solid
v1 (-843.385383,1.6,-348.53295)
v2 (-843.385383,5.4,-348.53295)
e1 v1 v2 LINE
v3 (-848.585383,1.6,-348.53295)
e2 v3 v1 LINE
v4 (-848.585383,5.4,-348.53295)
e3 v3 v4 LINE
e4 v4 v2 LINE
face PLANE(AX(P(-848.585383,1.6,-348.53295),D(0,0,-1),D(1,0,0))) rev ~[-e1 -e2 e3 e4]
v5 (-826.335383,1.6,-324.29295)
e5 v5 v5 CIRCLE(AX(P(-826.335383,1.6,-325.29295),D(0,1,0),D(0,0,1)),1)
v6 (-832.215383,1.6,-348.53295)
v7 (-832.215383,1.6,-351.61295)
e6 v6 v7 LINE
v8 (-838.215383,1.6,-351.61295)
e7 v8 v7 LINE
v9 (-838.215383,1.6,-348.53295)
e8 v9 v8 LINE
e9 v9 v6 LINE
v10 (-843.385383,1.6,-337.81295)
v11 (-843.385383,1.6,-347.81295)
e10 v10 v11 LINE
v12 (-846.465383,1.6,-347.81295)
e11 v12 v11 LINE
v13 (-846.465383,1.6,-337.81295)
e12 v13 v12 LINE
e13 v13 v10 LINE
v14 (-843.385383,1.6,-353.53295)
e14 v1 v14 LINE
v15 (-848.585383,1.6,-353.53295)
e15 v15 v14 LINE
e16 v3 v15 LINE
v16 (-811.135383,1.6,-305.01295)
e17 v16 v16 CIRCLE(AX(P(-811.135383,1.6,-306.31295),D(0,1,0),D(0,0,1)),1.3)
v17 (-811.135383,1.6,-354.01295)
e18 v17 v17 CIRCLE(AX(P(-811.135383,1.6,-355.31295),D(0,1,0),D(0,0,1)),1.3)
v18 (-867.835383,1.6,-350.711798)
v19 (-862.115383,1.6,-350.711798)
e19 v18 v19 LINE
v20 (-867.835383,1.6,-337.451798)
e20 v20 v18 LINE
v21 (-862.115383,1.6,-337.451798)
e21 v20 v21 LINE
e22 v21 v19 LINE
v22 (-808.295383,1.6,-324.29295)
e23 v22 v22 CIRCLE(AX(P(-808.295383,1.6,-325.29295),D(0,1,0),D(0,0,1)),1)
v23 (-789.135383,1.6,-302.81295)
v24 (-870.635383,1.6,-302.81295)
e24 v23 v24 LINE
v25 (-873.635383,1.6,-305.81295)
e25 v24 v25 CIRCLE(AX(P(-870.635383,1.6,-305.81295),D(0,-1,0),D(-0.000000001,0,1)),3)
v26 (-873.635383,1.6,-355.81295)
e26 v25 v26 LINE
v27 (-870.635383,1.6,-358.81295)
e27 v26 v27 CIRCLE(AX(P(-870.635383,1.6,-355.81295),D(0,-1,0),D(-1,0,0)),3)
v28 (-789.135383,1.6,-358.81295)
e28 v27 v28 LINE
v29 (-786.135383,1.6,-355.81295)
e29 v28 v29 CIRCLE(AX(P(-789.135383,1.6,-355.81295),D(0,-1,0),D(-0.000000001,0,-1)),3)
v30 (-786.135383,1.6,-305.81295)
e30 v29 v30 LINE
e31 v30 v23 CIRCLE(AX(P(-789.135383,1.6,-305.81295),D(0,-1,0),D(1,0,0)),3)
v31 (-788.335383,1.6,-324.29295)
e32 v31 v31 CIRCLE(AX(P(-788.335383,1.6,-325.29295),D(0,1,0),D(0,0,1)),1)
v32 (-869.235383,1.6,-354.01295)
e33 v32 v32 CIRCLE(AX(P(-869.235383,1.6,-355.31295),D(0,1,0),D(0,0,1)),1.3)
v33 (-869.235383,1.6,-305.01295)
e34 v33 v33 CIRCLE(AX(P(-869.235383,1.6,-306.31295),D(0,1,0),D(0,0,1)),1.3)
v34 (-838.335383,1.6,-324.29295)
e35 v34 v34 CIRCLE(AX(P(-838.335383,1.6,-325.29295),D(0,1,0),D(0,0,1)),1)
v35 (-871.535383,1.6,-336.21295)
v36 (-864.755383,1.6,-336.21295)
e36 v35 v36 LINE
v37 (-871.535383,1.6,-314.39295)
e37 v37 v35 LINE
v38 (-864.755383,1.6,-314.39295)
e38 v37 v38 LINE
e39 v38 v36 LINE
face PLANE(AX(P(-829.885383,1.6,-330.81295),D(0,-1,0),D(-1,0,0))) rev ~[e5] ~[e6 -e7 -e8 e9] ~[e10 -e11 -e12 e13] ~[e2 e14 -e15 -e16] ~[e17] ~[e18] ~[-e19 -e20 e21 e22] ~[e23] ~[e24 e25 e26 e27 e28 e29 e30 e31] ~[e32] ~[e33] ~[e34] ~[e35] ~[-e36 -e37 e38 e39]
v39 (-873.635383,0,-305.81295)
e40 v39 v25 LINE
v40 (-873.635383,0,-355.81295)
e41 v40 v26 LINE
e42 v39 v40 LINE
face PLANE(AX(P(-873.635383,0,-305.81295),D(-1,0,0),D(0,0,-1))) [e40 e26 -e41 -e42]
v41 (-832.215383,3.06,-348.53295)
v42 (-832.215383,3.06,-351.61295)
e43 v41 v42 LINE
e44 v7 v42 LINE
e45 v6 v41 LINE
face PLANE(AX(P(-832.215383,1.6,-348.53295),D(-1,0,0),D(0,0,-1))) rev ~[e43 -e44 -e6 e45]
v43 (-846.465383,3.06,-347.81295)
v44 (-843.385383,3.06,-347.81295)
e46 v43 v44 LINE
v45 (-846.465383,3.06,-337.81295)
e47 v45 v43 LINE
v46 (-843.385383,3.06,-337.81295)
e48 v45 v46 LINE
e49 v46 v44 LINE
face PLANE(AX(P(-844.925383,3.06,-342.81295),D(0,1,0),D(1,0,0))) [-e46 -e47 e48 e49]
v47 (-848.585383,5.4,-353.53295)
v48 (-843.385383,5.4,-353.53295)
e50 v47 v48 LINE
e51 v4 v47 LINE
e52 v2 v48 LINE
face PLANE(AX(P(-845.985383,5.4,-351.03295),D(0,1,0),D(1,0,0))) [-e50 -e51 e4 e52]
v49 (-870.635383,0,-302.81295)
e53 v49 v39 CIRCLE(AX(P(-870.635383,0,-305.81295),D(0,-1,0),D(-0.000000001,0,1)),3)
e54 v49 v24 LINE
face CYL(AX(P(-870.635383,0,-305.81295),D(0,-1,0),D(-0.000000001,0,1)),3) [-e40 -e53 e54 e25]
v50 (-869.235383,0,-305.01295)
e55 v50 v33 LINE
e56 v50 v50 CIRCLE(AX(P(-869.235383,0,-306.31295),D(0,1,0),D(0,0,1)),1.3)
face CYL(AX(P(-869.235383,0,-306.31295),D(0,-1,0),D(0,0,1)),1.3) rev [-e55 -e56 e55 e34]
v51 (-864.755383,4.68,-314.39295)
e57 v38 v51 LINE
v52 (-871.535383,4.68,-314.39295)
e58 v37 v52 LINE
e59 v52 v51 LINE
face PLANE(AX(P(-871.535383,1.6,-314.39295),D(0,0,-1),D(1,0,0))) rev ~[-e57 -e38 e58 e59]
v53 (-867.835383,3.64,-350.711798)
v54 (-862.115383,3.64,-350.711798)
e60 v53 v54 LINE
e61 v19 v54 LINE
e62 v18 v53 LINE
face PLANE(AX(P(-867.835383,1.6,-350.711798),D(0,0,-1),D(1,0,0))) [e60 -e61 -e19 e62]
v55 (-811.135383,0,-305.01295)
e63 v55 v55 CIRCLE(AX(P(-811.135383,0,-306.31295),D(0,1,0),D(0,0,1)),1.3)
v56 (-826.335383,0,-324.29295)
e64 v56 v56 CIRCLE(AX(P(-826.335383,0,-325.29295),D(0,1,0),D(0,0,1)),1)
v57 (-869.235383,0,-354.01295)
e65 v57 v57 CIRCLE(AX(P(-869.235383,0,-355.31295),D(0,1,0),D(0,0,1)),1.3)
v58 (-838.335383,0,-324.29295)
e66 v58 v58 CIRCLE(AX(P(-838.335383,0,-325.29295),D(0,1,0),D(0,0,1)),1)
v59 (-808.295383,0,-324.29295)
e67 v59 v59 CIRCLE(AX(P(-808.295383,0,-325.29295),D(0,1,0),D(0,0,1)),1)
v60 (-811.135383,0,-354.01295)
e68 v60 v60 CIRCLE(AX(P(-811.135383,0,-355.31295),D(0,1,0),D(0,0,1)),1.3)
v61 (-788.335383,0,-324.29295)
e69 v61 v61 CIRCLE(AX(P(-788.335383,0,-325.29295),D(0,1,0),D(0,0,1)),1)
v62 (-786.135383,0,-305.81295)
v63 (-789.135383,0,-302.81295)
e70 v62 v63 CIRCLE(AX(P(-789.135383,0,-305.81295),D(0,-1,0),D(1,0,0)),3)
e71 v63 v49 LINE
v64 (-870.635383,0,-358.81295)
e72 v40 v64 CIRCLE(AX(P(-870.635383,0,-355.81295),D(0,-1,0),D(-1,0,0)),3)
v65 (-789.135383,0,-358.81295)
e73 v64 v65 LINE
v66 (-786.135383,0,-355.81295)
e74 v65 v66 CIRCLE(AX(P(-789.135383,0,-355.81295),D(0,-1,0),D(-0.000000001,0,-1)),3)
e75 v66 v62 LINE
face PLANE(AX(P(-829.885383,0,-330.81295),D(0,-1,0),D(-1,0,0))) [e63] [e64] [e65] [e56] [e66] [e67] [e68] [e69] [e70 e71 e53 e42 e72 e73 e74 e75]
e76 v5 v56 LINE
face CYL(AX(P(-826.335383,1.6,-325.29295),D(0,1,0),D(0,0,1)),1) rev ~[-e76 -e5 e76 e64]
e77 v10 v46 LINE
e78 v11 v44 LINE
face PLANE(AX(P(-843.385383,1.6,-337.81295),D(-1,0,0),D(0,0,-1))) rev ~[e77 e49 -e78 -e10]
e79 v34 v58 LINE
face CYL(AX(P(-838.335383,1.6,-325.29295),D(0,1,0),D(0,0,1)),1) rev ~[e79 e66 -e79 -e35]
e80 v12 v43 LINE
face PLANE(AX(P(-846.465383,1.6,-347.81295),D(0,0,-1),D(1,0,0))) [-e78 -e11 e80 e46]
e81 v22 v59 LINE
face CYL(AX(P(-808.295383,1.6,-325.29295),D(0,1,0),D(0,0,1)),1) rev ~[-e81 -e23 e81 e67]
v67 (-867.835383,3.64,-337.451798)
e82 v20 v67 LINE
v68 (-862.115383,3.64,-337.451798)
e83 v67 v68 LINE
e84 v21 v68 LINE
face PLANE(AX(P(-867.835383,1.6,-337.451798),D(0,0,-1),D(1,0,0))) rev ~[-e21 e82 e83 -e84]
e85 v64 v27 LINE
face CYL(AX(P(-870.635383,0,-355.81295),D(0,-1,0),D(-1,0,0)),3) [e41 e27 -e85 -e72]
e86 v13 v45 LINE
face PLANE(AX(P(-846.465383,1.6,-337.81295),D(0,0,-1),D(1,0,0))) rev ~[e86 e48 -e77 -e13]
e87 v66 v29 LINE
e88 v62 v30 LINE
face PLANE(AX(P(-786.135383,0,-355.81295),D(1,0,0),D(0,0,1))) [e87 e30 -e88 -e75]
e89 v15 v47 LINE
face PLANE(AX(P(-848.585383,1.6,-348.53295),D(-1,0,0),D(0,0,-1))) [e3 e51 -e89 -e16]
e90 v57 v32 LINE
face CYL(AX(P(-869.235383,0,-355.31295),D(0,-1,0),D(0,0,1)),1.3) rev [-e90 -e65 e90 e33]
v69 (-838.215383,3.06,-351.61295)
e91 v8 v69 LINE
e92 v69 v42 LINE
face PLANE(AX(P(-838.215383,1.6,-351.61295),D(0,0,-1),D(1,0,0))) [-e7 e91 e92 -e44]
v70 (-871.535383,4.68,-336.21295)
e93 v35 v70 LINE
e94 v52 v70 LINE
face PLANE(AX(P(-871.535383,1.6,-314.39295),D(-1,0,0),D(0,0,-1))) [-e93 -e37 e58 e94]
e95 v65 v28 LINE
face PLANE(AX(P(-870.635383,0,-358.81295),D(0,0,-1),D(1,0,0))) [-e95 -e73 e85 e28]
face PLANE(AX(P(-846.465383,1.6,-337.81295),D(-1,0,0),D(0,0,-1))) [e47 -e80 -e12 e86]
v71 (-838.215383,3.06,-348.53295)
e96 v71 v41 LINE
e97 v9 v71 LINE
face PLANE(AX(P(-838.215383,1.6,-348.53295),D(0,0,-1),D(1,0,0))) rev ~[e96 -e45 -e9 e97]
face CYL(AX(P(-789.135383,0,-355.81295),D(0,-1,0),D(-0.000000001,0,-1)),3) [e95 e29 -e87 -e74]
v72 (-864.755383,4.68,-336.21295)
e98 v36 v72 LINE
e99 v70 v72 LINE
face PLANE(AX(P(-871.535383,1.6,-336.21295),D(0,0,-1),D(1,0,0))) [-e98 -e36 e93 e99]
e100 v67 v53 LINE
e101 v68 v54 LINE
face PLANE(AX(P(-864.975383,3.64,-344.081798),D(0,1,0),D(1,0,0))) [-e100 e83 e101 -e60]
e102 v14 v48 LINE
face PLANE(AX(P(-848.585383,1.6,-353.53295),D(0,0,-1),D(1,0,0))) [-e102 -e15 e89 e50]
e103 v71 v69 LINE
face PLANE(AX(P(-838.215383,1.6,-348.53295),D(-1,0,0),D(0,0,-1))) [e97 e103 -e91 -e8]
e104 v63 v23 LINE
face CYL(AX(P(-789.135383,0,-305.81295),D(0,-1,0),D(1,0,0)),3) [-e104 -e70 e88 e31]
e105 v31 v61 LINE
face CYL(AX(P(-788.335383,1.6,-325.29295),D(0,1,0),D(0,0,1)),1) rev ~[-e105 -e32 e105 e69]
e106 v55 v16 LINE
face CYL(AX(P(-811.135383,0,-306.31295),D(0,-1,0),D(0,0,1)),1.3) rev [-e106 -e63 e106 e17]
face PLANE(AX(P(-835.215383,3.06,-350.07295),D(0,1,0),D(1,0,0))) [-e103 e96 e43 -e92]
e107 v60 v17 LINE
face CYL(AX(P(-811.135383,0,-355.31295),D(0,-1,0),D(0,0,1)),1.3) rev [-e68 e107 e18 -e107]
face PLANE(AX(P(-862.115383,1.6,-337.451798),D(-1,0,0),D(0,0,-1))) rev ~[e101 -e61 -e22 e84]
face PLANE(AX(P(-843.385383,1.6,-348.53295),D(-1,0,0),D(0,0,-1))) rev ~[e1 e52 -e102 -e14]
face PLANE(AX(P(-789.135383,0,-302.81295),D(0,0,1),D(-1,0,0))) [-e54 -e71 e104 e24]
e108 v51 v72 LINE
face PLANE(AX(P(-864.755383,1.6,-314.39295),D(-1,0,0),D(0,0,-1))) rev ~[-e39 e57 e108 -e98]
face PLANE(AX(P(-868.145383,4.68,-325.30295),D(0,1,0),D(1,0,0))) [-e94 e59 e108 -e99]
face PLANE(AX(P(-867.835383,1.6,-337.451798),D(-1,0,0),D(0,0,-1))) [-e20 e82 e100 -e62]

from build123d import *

# Parameters (mm, degrees)
SKETCH1_R                    = 1.3
PCB_DEPTH                    = 1.6
NVME_M_KEY_SCREW_HOLES_REACH = 946.451
SKETCH2_R                    = 1
SKETCH3_W                    = 6.78
SKETCH3_H                    = 21.82
NVME_M_KEY_CONNECTOR_DEPTH   = 3.08
SKETCH4_W                    = 5.72
SKETCH4_H                    = 13.26
PCI_E_CONNECTOR_DEPTH        = 2.04
SKETCH5_W                    = 5.2
SKETCH5_H                    = 5
INDUCTANCE_DEPTH             = 3.8
SKETCH6_W                    = 3.08
SKETCH6_H                    = 10
SKETCH6_W_2                  = 6
SKETCH6_H_2                  = 3.08
CAPACITORS_DEPTH             = 1.46


with BuildPart() as part:
    # Sketch1 → pcb (new body)
    with BuildSketch(Plane(origin=(0, 0, 0), x_dir=(1, 0, 0), z_dir=(0, 1, 0))):
        with BuildLine():
            Line((-870.635383482, 358.81294964), (-789.135383482, 358.81294964))
            ThreePointArc((-789.135383482, 358.81294964), (-787.014063138, 357.934269984), (-786.135383482, 355.81294964))
            Line((-786.135383482, 355.81294964), (-786.135383482, 305.81294964))
            ThreePointArc((-786.135383482, 305.81294964), (-787.014063138, 303.691629297), (-789.135383482, 302.81294964))
            Line((-789.135383482, 302.81294964), (-870.635383482, 302.81294964))
            ThreePointArc((-870.635383482, 302.81294964), (-872.756703825, 303.691629297), (-873.635383482, 305.81294964))
            Line((-873.635383482, 305.81294964), (-873.635383482, 355.81294964))
            ThreePointArc((-873.635383482, 355.81294964), (-872.756703825, 357.934269984), (-870.635383482, 358.81294964))
        make_face()
        with Locations(Location((-869.235383482, 355.31294964, 0), (0, 0, 270))):
            Circle(SKETCH1_R, mode=Mode.SUBTRACT)
        with Locations(Location((-869.235383482, 306.31294964, 0), (0, 0, 270))):
            Circle(SKETCH1_R, mode=Mode.SUBTRACT)
        with Locations(Location((-811.135383482, 355.31294964, 0), (0, 0, 270))):
            Circle(SKETCH1_R, mode=Mode.SUBTRACT)
        with Locations(Location((-811.135383482, 306.31294964, 0), (0, 0, 270))):
            Circle(SKETCH1_R, mode=Mode.SUBTRACT)
    extrude(amount=PCB_DEPTH)

    # Sketch2 → NVMe-M-Key screw holes (cut, up to next)
    with BuildSketch(Plane(origin=(0, 1.6, 0), x_dir=(1, 0, 0), z_dir=(0, 1, 0)), mode=Mode.PRIVATE) as nvme_m_key_screw_holes_sk1:
        with Locations(Location((-788.335383482, 325.29294964, 0), (0, 0, 270))):
            Circle(SKETCH2_R)
    nvme_m_key_screw_holes_tool1 = extrude(nvme_m_key_screw_holes_sk1.sketch, amount=-NVME_M_KEY_SCREW_HOLES_REACH, mode=Mode.PRIVATE) & part.part
    # Sketch2 → NVMe-M-Key screw holes (cut, up to next)
    with BuildSketch(Plane(origin=(0, 1.6, 0), x_dir=(1, 0, 0), z_dir=(0, 1, 0)), mode=Mode.PRIVATE) as nvme_m_key_screw_holes_sk2:
        with Locations(Location((-808.295383482, 325.29294964, 0), (0, 0, 270))):
            Circle(SKETCH2_R)
    nvme_m_key_screw_holes_tool2 = extrude(nvme_m_key_screw_holes_sk2.sketch, amount=-NVME_M_KEY_SCREW_HOLES_REACH, mode=Mode.PRIVATE) & part.part
    # Sketch2 → NVMe-M-Key screw holes (cut, up to next)
    with BuildSketch(Plane(origin=(0, 1.6, 0), x_dir=(1, 0, 0), z_dir=(0, 1, 0)), mode=Mode.PRIVATE) as nvme_m_key_screw_holes_sk3:
        with Locations(Location((-826.335383482, 325.29294964, 0), (0, 0, 270))):
            Circle(SKETCH2_R)
    nvme_m_key_screw_holes_tool3 = extrude(nvme_m_key_screw_holes_sk3.sketch, amount=-NVME_M_KEY_SCREW_HOLES_REACH, mode=Mode.PRIVATE) & part.part
    # Sketch2 → NVMe-M-Key screw holes (cut, up to next)
    with BuildSketch(Plane(origin=(0, 1.6, 0), x_dir=(1, 0, 0), z_dir=(0, 1, 0)), mode=Mode.PRIVATE) as nvme_m_key_screw_holes_sk4:
        with Locations(Location((-838.335383482, 325.29294964, 0), (0, 0, 270))):
            Circle(SKETCH2_R)
    nvme_m_key_screw_holes_tool4 = extrude(nvme_m_key_screw_holes_sk4.sketch, amount=-NVME_M_KEY_SCREW_HOLES_REACH, mode=Mode.PRIVATE) & part.part
    add(nvme_m_key_screw_holes_tool1.solids().sort_by_distance((-788.335383, 1.6, -325.29295))[0], mode=Mode.SUBTRACT)
    add(nvme_m_key_screw_holes_tool2.solids().sort_by_distance((-808.295383, 1.6, -325.29295))[0], mode=Mode.SUBTRACT)
    add(nvme_m_key_screw_holes_tool3.solids().sort_by_distance((-826.335383, 1.6, -325.29295))[0], mode=Mode.SUBTRACT)
    add(nvme_m_key_screw_holes_tool4.solids().sort_by_distance((-838.335383, 1.6, -325.29295))[0], mode=Mode.SUBTRACT)

    # Sketch3 → NVMe-M-Key connector (add)
    with BuildSketch(Plane(origin=(0, 1.6, 0), x_dir=(1, 0, 0), z_dir=(0, 1, 0))):
        with Locations((-868.145383482, 325.30294964)):
            Rectangle(SKETCH3_W, SKETCH3_H)
    extrude(amount=NVME_M_KEY_CONNECTOR_DEPTH)

    # Sketch4 → PCI-E connector (add)
    with BuildSketch(Plane(origin=(0, 1.6, 0), x_dir=(1, 0, 0), z_dir=(0, 1, 0))):
        with Locations((-864.975383482, 344.081798362)):
            Rectangle(SKETCH4_W, SKETCH4_H)
    extrude(amount=PCI_E_CONNECTOR_DEPTH)

    # Sketch5 → Inductance (add)
    with BuildSketch(Plane(origin=(0, 1.6, 0), x_dir=(1, 0, 0), z_dir=(0, 1, 0))):
        with Locations((-845.985383482, 351.03294964)):
            Rectangle(SKETCH5_W, SKETCH5_H)
    extrude(amount=INDUCTANCE_DEPTH)

    # Sketch6 → Capacitors (add)
    with BuildSketch(Plane(origin=(0, 1.6, 0), x_dir=(1, 0, 0), z_dir=(0, 1, 0))):
        with Locations((-844.925383482, 342.81294964)):
            Rectangle(SKETCH6_W, SKETCH6_H)
        with Locations((-835.215383482, 350.07294964)):
            Rectangle(SKETCH6_W_2, SKETCH6_H_2)
    extrude(amount=CAPACITORS_DEPTH)


solid = part.part
